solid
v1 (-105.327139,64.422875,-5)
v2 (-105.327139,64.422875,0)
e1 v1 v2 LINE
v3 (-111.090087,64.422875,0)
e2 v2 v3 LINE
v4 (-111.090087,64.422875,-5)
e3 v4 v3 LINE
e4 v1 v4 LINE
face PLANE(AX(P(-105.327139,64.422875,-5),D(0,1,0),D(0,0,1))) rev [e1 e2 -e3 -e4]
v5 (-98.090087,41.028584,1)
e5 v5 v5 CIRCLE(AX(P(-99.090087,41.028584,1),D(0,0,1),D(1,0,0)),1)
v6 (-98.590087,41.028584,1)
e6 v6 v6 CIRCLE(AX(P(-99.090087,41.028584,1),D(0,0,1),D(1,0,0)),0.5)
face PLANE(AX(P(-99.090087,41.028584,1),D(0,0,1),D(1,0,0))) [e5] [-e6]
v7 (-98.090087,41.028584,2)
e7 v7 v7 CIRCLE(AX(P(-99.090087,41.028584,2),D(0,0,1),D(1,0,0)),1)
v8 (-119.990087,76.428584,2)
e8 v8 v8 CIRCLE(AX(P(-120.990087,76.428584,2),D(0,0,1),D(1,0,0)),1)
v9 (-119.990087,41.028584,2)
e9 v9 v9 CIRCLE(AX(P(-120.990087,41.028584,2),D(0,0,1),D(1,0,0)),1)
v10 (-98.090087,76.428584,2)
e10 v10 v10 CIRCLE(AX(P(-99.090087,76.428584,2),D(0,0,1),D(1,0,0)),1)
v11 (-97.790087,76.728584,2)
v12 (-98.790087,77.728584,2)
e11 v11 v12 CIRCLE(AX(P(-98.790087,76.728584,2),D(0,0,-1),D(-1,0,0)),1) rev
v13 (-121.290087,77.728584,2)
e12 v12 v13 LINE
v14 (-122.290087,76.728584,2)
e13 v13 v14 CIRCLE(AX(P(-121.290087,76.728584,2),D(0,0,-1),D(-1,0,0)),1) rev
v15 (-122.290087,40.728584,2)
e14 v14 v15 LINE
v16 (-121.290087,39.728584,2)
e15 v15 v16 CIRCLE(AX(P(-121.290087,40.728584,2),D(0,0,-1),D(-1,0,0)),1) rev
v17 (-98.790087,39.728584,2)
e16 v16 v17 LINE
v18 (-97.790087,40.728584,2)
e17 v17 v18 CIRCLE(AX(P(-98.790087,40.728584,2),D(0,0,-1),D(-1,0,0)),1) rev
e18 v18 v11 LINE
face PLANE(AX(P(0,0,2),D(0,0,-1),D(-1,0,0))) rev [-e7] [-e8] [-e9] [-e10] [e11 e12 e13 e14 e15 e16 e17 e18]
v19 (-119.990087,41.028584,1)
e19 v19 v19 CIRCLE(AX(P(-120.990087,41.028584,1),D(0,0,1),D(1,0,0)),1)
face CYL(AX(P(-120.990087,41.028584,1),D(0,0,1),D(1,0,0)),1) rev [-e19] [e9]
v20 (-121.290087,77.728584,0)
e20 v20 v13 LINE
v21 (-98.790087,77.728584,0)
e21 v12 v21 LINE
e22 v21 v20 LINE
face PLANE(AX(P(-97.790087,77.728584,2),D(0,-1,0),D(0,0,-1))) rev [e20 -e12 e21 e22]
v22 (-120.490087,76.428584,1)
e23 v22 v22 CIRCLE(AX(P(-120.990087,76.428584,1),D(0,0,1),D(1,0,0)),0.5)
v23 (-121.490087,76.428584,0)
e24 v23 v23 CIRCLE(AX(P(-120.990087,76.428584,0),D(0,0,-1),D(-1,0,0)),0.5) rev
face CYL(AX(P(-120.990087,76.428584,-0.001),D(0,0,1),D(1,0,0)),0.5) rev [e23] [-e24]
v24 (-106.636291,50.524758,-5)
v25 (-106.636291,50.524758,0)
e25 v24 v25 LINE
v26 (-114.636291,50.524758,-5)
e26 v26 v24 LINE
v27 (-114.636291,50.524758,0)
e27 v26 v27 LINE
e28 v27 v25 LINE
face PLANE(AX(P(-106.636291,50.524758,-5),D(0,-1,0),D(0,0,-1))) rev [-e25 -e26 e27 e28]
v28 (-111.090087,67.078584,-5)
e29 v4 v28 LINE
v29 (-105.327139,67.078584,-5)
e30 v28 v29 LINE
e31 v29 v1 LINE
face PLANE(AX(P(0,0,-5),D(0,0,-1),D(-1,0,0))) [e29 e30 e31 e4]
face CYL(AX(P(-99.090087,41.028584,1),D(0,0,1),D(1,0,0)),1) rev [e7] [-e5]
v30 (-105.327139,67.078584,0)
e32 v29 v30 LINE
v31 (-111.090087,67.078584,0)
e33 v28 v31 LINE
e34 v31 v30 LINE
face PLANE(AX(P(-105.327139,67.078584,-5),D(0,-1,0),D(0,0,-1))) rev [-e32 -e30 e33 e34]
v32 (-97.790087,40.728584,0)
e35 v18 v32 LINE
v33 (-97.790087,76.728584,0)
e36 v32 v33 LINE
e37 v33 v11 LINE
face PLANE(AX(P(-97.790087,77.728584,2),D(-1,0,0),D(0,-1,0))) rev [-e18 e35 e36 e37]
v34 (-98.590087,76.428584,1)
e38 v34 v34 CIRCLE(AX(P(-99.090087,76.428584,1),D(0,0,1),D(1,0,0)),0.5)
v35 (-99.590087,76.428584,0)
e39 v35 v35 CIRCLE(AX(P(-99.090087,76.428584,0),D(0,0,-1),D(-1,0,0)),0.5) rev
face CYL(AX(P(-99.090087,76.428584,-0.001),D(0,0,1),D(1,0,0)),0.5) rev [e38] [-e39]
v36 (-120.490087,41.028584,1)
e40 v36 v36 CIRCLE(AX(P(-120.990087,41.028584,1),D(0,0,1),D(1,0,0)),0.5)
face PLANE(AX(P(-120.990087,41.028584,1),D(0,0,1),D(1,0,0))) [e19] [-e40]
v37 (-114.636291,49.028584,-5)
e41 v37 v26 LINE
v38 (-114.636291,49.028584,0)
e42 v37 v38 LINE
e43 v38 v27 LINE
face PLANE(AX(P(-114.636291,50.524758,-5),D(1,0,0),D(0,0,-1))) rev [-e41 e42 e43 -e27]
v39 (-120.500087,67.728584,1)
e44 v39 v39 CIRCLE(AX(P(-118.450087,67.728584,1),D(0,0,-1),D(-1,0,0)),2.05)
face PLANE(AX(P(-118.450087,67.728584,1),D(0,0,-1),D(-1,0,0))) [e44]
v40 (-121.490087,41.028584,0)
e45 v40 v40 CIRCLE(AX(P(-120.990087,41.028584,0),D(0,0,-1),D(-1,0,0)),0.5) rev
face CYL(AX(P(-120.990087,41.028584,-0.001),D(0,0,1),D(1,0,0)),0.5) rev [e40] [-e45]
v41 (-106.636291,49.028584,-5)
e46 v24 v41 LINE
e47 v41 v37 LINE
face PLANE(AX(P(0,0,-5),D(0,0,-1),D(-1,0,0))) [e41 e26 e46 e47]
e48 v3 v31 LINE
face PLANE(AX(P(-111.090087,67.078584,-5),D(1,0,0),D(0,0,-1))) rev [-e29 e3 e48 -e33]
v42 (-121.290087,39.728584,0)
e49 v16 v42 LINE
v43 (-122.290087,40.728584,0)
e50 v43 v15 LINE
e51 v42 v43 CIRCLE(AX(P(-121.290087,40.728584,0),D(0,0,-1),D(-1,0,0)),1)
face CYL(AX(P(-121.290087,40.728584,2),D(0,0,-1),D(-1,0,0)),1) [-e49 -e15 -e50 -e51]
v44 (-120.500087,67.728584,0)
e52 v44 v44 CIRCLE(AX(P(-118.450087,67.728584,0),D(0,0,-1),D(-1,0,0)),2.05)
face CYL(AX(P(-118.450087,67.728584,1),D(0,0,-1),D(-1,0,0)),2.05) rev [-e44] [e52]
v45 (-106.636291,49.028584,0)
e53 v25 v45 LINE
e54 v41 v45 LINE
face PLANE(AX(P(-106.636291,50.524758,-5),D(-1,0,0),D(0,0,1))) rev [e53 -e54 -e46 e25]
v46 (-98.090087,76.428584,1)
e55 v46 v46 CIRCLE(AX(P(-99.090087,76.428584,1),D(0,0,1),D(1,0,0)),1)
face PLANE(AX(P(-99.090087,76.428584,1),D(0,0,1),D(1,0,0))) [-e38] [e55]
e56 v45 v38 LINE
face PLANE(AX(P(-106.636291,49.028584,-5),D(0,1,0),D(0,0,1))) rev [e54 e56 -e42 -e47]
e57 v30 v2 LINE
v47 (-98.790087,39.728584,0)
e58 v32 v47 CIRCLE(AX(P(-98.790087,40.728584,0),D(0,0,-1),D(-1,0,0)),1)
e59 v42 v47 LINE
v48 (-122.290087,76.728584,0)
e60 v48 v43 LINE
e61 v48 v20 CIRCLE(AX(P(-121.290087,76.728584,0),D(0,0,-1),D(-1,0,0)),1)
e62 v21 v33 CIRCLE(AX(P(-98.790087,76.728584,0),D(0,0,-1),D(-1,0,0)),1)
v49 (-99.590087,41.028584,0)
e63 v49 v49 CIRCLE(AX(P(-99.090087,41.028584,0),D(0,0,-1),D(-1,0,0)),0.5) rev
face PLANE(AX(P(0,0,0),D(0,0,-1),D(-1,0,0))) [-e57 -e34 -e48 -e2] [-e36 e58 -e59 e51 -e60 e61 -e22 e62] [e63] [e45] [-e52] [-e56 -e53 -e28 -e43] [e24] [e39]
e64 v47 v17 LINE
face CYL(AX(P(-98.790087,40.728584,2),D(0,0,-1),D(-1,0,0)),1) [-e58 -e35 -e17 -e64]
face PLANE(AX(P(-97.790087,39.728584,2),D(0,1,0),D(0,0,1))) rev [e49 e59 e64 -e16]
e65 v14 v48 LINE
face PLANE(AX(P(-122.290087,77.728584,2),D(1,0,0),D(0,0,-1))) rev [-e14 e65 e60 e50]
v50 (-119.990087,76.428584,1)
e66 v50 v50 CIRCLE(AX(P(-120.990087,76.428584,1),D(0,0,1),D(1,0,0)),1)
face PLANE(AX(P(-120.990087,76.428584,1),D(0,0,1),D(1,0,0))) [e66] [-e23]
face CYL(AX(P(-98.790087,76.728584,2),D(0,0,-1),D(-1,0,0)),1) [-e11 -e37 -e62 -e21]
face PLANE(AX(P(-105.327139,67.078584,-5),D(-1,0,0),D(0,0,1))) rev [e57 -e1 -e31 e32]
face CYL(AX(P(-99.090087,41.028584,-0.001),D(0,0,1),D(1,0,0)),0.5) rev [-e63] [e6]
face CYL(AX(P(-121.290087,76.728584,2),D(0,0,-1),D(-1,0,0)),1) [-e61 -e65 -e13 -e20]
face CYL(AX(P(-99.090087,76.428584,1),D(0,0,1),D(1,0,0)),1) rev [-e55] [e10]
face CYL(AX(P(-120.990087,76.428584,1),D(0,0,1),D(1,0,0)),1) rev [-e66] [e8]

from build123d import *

# Parameters (mm, degrees)
SKETCH_1_W          = 24.5
SKETCH_1_H          = 38
EXTRUDE_1_DEPTH     = 2
SKETCH_4_R          = 2.05
CUT_EXTRUDE_1_DEPTH = 1
SKETCH_9_R          = 1
CUT_EXTRUDE_3_DEPTH = 1
CUT_EXTRUDE_4_REACH = 146.905
SKETCH_10_R         = 0.5
FILLET_1_R          = 1
SKETCH_11_W         = 5.762947655
SKETCH_11_H         = 2.6557086
EXTRUDE_2_DEPTH     = 5
SKETCH_12_W         = 8
SKETCH_12_H         = 1.496173859
EXTRUDE_3_DEPTH     = 5


with BuildPart() as part:
    # Sketch 1 → Extrude 1 (new body)
    with BuildSketch(Plane.XY):
        with Locations((-110.040086771, 58.72858385)):
            Rectangle(SKETCH_1_W, SKETCH_1_H)
    extrude(amount=EXTRUDE_1_DEPTH)

    # Sketch 4 → Cut-Extrude 1 (cut)
    with BuildSketch(Plane(origin=(0, 0, 0), x_dir=(-1, 0, 0), z_dir=(0, 0, -1))):
        with Locations((118.450086771, 67.72858385)):
            Circle(SKETCH_4_R)
    extrude(amount=-CUT_EXTRUDE_1_DEPTH, mode=Mode.SUBTRACT)

    # Sketch 9 → Cut-Extrude 3 (cut)
    with BuildSketch(Plane.XY.offset(2)):
        with Locations((-99.090086771, 76.42858385)):
            Circle(SKETCH_9_R)
        with Locations((-99.090086771, 41.02858385)):
            Circle(SKETCH_9_R)
        with Locations((-120.990086771, 41.02858385)):
            Circle(SKETCH_9_R)
        with Locations((-120.990086771, 76.42858385)):
            Circle(SKETCH_9_R)
    extrude(amount=-CUT_EXTRUDE_3_DEPTH, mode=Mode.SUBTRACT)

    # Sketch 10 → Cut-Extrude 4 (cut, up to next)
    with BuildSketch(Plane.XY.offset(1), mode=Mode.PRIVATE) as cut_extrude_4_sk1:
        with Locations((-120.990086771, 41.02858385)):
            Circle(SKETCH_10_R)
    cut_extrude_4_tool1 = extrude(cut_extrude_4_sk1.sketch, amount=-CUT_EXTRUDE_4_REACH, mode=Mode.PRIVATE) & part.part
    # Sketch 10 → Cut-Extrude 4 (cut, up to next)
    with BuildSketch(Plane.XY.offset(1), mode=Mode.PRIVATE) as cut_extrude_4_sk2:
        with Locations((-99.090086771, 41.02858385)):
            Circle(SKETCH_10_R)
    cut_extrude_4_tool2 = extrude(cut_extrude_4_sk2.sketch, amount=-CUT_EXTRUDE_4_REACH, mode=Mode.PRIVATE) & part.part
    # Sketch 10 → Cut-Extrude 4 (cut, up to next)
    with BuildSketch(Plane.XY.offset(1), mode=Mode.PRIVATE) as cut_extrude_4_sk3:
        with Locations((-99.090086771, 76.42858385)):
            Circle(SKETCH_10_R)
    cut_extrude_4_tool3 = extrude(cut_extrude_4_sk3.sketch, amount=-CUT_EXTRUDE_4_REACH, mode=Mode.PRIVATE) & part.part
    # Sketch 10 → Cut-Extrude 4 (cut, up to next)
    with BuildSketch(Plane.XY.offset(1), mode=Mode.PRIVATE) as cut_extrude_4_sk4:
        with Locations((-120.990086771, 76.42858385)):
            Circle(SKETCH_10_R)
    cut_extrude_4_tool4 = extrude(cut_extrude_4_sk4.sketch, amount=-CUT_EXTRUDE_4_REACH, mode=Mode.PRIVATE) & part.part
    add(cut_extrude_4_tool1.solids().sort_by_distance((-120.990087, 41.028584, 1))[0], mode=Mode.SUBTRACT)
    add(cut_extrude_4_tool2.solids().sort_by_distance((-99.090087, 41.028584, 1))[0], mode=Mode.SUBTRACT)
    add(cut_extrude_4_tool3.solids().sort_by_distance((-99.090087, 76.428584, 1))[0], mode=Mode.SUBTRACT)
    add(cut_extrude_4_tool4.solids().sort_by_distance((-120.990087, 76.428584, 1))[0], mode=Mode.SUBTRACT)

    # Fillet 1
    fillet_1_edges = [part.edges().sort_by_distance(p)[0] for p in [
        (-97.790086771, 39.72858385, 1),
        (-122.290086771, 39.72858385, 1),
        (-122.290086771, 77.72858385, 1),
        (-97.790086771, 77.72858385, 1),
    ]]
    fillet(fillet_1_edges, radius=FILLET_1_R)

    # Sketch 11 → Extrude 2 (add)
    with BuildSketch(Plane(origin=(0, 0, 0), x_dir=(-1, 0, 0), z_dir=(0, 0, -1))):
        with Locations((108.208612944, 65.75072955)):
            Rectangle(SKETCH_11_W, SKETCH_11_H)
    extrude(amount=EXTRUDE_2_DEPTH)

    # Sketch 12 → Extrude 3 (add)
    with BuildSketch(Plane(origin=(0, 0, 0), x_dir=(-1, 0, 0), z_dir=(0, 0, -1))):
        with Locations((110.636291242, 49.77667078)):
            Rectangle(SKETCH_12_W, SKETCH_12_H)
    extrude(amount=EXTRUDE_3_DEPTH)


solid = part.part
